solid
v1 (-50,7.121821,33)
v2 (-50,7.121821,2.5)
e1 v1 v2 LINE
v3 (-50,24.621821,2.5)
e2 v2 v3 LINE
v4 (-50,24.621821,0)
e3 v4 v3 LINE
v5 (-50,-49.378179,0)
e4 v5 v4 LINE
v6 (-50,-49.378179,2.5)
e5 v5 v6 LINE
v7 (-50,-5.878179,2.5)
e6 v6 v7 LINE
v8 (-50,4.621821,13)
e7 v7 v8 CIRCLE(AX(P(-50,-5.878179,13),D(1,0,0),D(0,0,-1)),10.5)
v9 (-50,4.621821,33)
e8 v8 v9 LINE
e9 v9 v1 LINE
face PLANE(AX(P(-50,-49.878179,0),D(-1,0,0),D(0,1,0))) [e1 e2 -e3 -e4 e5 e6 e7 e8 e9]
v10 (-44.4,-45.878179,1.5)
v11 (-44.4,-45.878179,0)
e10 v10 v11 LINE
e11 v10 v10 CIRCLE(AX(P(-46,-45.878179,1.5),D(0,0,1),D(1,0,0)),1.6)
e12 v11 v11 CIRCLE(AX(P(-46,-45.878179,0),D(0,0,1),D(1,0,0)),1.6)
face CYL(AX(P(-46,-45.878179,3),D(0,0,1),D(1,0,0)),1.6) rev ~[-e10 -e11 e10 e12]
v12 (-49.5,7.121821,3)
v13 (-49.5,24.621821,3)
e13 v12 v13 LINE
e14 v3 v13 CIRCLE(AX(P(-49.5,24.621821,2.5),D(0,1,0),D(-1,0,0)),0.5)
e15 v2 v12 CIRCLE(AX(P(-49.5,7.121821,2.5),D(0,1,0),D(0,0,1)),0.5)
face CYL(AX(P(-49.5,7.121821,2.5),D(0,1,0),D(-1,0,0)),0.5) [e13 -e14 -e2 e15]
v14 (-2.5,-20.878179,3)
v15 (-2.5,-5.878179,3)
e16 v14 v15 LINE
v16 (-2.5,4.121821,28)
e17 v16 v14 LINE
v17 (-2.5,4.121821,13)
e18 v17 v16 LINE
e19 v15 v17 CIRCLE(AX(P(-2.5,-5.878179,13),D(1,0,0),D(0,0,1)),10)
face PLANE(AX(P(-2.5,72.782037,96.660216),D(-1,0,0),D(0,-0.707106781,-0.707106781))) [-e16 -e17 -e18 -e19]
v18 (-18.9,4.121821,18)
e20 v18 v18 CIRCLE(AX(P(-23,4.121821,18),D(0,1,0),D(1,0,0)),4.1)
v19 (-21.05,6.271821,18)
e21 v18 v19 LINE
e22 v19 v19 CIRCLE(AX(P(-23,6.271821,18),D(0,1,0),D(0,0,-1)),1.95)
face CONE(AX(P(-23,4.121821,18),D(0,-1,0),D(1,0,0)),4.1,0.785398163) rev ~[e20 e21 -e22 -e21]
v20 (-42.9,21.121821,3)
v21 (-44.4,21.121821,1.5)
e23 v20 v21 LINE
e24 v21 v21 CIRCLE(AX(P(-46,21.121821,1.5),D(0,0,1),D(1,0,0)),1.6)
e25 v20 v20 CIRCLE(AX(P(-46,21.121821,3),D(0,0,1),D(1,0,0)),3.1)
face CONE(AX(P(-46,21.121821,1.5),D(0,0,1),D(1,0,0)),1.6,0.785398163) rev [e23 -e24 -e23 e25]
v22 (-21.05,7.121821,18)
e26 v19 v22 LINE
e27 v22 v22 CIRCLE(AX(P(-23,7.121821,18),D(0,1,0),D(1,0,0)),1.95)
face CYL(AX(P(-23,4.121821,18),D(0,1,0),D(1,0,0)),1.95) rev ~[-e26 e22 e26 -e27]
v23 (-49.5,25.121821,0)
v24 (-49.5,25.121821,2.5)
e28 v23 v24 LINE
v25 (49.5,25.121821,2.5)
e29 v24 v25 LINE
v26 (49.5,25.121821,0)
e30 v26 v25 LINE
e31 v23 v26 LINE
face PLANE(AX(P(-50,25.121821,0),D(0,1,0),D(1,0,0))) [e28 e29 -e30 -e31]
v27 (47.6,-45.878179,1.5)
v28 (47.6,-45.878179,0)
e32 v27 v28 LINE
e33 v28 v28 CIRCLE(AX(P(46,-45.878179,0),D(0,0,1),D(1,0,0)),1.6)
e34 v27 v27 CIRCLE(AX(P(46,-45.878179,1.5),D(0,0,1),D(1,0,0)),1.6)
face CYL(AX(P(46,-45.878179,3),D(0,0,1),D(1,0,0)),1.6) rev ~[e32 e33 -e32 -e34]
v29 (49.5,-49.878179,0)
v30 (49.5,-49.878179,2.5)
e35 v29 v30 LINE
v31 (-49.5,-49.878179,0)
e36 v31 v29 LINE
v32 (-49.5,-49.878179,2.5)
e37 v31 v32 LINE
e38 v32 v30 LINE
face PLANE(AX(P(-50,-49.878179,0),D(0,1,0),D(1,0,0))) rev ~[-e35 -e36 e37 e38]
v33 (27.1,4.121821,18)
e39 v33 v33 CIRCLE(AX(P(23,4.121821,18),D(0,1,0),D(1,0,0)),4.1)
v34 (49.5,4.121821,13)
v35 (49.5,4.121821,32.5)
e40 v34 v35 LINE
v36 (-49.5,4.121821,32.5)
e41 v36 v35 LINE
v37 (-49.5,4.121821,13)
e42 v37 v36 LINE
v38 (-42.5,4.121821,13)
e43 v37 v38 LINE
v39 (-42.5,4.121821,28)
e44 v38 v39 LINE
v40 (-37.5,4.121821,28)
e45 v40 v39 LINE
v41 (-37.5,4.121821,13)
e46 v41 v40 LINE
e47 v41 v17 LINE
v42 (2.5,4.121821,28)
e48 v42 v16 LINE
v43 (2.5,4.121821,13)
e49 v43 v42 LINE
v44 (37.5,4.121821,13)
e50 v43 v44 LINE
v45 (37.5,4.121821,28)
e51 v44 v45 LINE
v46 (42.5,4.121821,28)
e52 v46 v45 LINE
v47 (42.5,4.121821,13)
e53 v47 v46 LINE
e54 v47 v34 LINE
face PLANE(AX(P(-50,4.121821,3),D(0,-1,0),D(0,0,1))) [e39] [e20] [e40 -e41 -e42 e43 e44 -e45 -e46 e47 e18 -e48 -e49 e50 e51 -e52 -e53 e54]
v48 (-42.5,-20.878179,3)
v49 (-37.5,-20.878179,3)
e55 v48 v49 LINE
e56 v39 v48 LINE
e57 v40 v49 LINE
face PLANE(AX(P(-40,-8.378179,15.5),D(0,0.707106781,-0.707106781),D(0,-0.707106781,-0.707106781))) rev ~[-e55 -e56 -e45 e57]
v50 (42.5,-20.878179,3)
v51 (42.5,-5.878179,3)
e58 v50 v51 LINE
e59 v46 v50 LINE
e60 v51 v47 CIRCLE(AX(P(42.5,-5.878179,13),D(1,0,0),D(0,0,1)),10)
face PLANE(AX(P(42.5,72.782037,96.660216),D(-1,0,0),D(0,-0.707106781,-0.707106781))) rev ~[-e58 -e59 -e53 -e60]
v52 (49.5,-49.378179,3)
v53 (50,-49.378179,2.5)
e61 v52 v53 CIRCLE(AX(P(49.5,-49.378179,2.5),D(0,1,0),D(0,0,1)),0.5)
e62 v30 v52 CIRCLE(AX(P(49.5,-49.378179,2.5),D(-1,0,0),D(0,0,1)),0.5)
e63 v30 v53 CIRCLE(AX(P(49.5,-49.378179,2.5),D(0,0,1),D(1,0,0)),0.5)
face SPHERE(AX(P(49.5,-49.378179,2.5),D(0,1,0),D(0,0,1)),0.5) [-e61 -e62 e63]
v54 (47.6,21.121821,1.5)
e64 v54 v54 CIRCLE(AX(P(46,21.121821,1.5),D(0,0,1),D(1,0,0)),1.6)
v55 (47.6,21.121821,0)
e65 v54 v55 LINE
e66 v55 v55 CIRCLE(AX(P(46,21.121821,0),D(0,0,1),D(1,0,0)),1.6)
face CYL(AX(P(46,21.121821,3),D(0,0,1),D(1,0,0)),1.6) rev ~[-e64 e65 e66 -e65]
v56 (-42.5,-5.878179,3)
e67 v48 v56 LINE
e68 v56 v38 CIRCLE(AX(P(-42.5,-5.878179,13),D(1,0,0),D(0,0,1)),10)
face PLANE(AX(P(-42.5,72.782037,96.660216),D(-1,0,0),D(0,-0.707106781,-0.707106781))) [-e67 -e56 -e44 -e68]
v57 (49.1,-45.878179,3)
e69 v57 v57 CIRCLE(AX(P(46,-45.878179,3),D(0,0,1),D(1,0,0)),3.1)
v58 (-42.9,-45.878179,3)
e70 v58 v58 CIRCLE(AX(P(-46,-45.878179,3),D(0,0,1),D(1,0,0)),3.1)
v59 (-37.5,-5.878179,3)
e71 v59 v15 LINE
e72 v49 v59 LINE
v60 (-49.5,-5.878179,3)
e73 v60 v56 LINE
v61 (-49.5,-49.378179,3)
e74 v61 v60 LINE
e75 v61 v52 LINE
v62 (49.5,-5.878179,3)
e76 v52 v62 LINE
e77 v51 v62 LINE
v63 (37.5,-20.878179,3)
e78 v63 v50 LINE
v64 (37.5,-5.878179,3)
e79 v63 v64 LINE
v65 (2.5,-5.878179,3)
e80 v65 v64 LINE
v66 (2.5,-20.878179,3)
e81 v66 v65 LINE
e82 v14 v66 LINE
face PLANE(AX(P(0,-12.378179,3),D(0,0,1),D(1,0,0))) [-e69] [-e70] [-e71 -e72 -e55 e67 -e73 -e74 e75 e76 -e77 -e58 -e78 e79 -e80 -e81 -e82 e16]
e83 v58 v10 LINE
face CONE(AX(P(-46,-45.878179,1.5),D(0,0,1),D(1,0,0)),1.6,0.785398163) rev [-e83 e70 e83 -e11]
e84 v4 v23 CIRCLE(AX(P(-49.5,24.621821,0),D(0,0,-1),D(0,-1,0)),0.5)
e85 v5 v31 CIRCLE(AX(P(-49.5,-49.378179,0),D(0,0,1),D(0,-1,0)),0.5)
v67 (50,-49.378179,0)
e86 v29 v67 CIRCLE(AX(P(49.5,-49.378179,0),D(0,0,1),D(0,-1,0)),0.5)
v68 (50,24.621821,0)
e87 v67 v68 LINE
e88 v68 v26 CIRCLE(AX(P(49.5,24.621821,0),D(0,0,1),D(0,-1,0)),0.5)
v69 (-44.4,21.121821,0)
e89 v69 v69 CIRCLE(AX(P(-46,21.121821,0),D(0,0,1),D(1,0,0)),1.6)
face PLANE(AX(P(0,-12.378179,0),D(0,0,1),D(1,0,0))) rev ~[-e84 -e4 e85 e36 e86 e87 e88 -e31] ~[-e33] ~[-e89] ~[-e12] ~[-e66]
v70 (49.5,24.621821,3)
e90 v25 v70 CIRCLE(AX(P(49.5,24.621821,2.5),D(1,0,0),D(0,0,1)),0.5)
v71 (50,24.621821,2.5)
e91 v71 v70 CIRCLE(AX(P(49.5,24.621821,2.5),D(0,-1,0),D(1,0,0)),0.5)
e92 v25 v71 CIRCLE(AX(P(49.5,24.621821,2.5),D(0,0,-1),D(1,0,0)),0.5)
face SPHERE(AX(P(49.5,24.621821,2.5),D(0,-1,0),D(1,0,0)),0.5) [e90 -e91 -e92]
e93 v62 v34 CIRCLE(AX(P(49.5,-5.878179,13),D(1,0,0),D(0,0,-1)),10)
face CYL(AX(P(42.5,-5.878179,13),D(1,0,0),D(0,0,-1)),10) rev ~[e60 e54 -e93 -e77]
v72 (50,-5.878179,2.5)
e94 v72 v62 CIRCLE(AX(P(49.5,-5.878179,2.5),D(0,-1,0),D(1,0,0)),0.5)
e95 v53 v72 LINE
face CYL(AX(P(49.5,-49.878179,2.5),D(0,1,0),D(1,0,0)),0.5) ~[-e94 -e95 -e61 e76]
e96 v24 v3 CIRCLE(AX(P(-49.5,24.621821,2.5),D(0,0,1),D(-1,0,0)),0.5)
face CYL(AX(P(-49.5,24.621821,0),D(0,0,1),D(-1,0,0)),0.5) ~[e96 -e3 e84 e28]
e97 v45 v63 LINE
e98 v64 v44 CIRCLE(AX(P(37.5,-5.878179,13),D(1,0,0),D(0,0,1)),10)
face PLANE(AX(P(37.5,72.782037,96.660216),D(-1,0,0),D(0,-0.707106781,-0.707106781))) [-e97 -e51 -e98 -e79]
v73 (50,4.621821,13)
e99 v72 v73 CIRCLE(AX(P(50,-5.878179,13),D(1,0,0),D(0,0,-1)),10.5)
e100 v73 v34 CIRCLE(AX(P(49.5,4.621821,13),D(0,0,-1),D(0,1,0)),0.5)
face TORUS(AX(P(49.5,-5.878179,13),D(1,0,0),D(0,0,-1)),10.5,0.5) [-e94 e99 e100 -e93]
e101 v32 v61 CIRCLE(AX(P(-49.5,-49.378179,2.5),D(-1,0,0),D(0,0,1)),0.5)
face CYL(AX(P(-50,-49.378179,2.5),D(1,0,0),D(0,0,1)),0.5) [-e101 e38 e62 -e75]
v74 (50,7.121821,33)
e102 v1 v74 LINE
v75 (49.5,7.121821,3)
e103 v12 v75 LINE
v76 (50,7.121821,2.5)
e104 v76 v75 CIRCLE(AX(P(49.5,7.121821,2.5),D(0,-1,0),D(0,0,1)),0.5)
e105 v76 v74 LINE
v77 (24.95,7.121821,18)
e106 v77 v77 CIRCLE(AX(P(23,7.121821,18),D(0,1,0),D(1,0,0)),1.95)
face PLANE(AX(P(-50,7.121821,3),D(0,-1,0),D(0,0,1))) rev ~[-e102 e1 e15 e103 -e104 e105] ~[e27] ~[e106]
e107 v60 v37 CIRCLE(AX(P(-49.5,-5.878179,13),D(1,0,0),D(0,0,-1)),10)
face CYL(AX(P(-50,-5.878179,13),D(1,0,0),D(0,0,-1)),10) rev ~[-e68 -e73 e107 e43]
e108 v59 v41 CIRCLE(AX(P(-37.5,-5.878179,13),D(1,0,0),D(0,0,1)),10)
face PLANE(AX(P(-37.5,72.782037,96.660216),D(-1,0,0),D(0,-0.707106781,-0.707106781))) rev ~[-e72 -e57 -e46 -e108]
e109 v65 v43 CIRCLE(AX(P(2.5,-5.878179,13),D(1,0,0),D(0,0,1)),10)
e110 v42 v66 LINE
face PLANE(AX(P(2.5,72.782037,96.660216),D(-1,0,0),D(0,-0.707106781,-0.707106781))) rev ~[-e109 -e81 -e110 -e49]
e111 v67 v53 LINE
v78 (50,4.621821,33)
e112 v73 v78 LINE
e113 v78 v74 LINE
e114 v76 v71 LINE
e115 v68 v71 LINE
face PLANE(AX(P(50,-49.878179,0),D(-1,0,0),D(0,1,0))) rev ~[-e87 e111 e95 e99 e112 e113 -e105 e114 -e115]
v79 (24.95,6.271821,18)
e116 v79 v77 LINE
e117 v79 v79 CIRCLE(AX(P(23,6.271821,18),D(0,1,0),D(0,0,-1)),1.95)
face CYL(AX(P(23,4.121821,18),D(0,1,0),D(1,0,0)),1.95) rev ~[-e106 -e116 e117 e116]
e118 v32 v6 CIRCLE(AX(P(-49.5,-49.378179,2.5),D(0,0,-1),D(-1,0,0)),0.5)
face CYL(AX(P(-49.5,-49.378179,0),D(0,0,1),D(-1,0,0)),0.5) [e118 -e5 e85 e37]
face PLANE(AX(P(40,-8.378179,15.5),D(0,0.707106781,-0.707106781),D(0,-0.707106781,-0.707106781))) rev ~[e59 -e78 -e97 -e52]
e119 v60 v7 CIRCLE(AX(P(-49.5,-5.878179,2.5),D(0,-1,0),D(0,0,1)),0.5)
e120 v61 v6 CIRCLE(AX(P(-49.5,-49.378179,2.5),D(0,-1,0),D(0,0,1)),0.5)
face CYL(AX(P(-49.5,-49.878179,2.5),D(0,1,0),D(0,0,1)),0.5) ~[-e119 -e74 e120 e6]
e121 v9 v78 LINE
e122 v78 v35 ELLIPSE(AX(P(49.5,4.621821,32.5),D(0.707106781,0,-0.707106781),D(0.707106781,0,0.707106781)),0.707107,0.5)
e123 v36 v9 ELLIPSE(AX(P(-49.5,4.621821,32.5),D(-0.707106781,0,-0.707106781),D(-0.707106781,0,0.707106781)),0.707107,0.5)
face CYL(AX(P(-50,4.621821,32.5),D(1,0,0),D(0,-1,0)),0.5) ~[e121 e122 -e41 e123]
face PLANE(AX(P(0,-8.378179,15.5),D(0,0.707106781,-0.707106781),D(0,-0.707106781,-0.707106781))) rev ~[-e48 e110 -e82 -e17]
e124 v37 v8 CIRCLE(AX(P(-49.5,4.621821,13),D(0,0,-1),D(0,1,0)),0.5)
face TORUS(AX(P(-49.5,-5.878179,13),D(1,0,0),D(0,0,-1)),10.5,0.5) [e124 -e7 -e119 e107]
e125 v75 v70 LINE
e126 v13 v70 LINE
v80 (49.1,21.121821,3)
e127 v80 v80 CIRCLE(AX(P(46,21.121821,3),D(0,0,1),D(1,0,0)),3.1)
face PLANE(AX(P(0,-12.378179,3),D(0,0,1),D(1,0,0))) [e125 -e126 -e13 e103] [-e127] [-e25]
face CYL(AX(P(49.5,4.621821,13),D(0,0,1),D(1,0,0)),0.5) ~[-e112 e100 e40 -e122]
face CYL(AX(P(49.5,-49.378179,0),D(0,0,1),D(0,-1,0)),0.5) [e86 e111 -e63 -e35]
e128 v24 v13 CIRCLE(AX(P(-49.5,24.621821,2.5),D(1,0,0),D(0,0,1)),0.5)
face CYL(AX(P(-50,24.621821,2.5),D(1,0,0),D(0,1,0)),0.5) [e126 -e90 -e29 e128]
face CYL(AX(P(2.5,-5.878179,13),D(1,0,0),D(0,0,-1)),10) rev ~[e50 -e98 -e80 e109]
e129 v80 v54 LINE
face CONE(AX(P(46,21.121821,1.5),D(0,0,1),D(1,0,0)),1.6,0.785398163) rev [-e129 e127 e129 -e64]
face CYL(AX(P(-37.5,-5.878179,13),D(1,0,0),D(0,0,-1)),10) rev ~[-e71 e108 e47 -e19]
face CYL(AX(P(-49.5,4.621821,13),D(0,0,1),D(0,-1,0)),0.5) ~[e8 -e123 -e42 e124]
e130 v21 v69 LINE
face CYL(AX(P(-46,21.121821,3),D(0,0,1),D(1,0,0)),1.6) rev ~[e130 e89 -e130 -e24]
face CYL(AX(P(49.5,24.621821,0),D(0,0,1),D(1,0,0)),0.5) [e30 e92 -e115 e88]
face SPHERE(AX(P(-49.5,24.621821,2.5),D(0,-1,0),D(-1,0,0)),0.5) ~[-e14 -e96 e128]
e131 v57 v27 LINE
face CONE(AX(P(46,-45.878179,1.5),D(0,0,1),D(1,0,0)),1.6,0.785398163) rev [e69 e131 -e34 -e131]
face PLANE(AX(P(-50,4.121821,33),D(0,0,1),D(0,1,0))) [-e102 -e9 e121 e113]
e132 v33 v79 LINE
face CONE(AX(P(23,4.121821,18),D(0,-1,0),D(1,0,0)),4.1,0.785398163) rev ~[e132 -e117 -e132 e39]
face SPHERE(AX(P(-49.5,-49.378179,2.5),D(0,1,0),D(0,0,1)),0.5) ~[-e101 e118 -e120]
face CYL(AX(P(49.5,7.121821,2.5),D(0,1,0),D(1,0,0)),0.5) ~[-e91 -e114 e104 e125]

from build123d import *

# Parameters (mm, degrees)
SZKIC1_W                                             = 100
SZKIC1_H                                             = 75
DODANIE_WYCI_GNI_CIE1_DEPTH                          = 3
SZKIC2_W                                             = 30
SZKIC2_H                                             = 3
DODANIE_WYCI_GNI_CIE2_DEPTH                          = 100
EBRO6_REACH                                          = 98.1
SZKIC3_WALL_W                                        = 229.555755292
SZKIC3_WALL_H                                        = 5
SZYK_LINIOWY1_COUNT                                  = 2
SZYK_LINIOWY1_PITCH                                  = 40
SZYK_LINIOWY2_COUNT                                  = 2
SZYK_LINIOWY2_PITCH                                  = 40
SZKIC4_R                                             = 1.6
WYTNIJ_WYCI_GNI_CIE1_DEPTH                           = 77.732214276
SFAZOWANIE1_SIZE                                     = 1.5
POG_BIENIE_STO_KOWE_POD_M3_5_WKR_T_DO_CZ_D           = 3.9
POG_BIENIE_STO_KOWE_POD_M3_5_WKR_T_DO_CZ_CSINK_D     = 8.2
POG_BIENIE_STO_KOWE_POD_M3_5_WKR_T_DO_CZ_CSINK_ANGLE = 90
ZAOKR_GLENIE1_R                                      = 10
ZAOKR_GLENIE2_R                                      = 0.5


with BuildPart() as part:
    # Szkic1 → Dodanie-wyciągnięcie1 (new body)
    with BuildSketch(Plane.XY):
        with Locations((0, -12.378178673)):
            Rectangle(SZKIC1_W, SZKIC1_H)
    extrude(amount=DODANIE_WYCI_GNI_CIE1_DEPTH)

    # Szkic2 → Dodanie-wyciągnięcie2 (add)
    with BuildSketch(Plane.ZY.offset(50)):
        with Locations((18, 5.621821327)):
            Rectangle(SZKIC2_W, SZKIC2_H)
    extrude(amount=-DODANIE_WYCI_GNI_CIE2_DEPTH)

    # Szkic3 wall → Żebro6 (add, up to next)
    with BuildSketch(Plane(origin=(0, -8.378178673, 15.5), x_dir=(0, -0.707106781187, -0.707106781187), z_dir=(0, 0.707106781187, -0.707106781187)), mode=Mode.PRIVATE) as ebro6_sk1:
        Rectangle(SZKIC3_WALL_W, SZKIC3_WALL_H)
    ebro6_tool1 = extrude(ebro6_sk1.sketch, amount=EBRO6_REACH, mode=Mode.PRIVATE) - part.part
    ebro6 = ebro6_tool1.solids().sort_by_distance((0, -8.378178673, 15.5))[0]
    add(ebro6)

    # Szyk liniowy1: Żebro6 ×2
    with Locations(*[(-i * SZYK_LINIOWY1_PITCH, 0, 0) for i in range(1, SZYK_LINIOWY1_COUNT)]):
        add(ebro6)

    # Szyk liniowy2: Żebro6 ×2
    with Locations(*[(i * SZYK_LINIOWY2_PITCH, 0, 0) for i in range(1, SZYK_LINIOWY2_COUNT)]):
        add(ebro6)

    # Szkic4 → Wytnij-wyciągnięcie1 (cut, through all)
    with BuildSketch(Plane.XY.offset(3)):
        with Locations((46, -45.878178673)):
            Circle(SZKIC4_R)
        with Locations((-46, -45.878178673)):
            Circle(SZKIC4_R)
        with Locations((46, 21.121821327)):
            Circle(SZKIC4_R)
        with Locations((-46, 21.121821327)):
            Circle(SZKIC4_R)
    extrude(amount=-WYTNIJ_WYCI_GNI_CIE1_DEPTH, mode=Mode.SUBTRACT)

    # Sfazowanie1
    sfazowanie1_edges = [part.edges().sort_by_distance(p)[0] for p in [
        (-47.6, -45.878178673, 3),
        (44.4, 21.121821327, 3),
        (-47.6, 21.121821327, 3),
        (44.4, -45.878178673, 3),
    ]]
    chamfer(sfazowanie1_edges, length=SFAZOWANIE1_SIZE)

    # Pogłębienie stożkowe pod M3.5 wkręt do części metalowych z łbem soczewkowym1 (through all)
    with Locations(Plane(origin=(0, 4.121821327, 0), x_dir=(-1, 0, 0), z_dir=(0, -1, 0))):
        with Locations((-23, -18), (23, -18)):
            CounterSinkHole(POG_BIENIE_STO_KOWE_POD_M3_5_WKR_T_DO_CZ_D / 2, POG_BIENIE_STO_KOWE_POD_M3_5_WKR_T_DO_CZ_CSINK_D / 2, counter_sink_angle=POG_BIENIE_STO_KOWE_POD_M3_5_WKR_T_DO_CZ_CSINK_ANGLE)

    # Zaokrąglenie1
    zaokr_glenie1_edges = [part.edges().sort_by_distance(p)[0] for p in [
        (46.25, 4.121821327, 3),
        (-20, 4.121821327, 3),
        (-46.25, 4.121821327, 3),
        (20, 4.121821327, 3),
    ]]
    fillet(zaokr_glenie1_edges, radius=ZAOKR_GLENIE1_R)

    # Zaokrąglenie2
    zaokr_glenie2_edges = [part.edges().sort_by_distance(p)[0] for p in [
        (-50, 16.121821327, 3),
        (50, 16.121821327, 3),
        (-50, -27.878178673, 3),
        (-50, 4.121821327, 23),
        (50, 1.192889139, 5.928932188),
        (-50, 1.192889139, 5.928932188),
        (0, 4.121821327, 33),
        (0, -49.878178673, 3),
        (50, 4.121821327, 23),
        (50, -27.878178673, 3),
        (50, -49.878178673, 1.5),
        (-50, -49.878178673, 1.5),
        (-50, 25.121821327, 1.5),
        (50, 25.121821327, 1.5),
        (0, 25.121821327, 3),
    ]]
    fillet(zaokr_glenie2_edges, radius=ZAOKR_GLENIE2_R)


solid = part.part
